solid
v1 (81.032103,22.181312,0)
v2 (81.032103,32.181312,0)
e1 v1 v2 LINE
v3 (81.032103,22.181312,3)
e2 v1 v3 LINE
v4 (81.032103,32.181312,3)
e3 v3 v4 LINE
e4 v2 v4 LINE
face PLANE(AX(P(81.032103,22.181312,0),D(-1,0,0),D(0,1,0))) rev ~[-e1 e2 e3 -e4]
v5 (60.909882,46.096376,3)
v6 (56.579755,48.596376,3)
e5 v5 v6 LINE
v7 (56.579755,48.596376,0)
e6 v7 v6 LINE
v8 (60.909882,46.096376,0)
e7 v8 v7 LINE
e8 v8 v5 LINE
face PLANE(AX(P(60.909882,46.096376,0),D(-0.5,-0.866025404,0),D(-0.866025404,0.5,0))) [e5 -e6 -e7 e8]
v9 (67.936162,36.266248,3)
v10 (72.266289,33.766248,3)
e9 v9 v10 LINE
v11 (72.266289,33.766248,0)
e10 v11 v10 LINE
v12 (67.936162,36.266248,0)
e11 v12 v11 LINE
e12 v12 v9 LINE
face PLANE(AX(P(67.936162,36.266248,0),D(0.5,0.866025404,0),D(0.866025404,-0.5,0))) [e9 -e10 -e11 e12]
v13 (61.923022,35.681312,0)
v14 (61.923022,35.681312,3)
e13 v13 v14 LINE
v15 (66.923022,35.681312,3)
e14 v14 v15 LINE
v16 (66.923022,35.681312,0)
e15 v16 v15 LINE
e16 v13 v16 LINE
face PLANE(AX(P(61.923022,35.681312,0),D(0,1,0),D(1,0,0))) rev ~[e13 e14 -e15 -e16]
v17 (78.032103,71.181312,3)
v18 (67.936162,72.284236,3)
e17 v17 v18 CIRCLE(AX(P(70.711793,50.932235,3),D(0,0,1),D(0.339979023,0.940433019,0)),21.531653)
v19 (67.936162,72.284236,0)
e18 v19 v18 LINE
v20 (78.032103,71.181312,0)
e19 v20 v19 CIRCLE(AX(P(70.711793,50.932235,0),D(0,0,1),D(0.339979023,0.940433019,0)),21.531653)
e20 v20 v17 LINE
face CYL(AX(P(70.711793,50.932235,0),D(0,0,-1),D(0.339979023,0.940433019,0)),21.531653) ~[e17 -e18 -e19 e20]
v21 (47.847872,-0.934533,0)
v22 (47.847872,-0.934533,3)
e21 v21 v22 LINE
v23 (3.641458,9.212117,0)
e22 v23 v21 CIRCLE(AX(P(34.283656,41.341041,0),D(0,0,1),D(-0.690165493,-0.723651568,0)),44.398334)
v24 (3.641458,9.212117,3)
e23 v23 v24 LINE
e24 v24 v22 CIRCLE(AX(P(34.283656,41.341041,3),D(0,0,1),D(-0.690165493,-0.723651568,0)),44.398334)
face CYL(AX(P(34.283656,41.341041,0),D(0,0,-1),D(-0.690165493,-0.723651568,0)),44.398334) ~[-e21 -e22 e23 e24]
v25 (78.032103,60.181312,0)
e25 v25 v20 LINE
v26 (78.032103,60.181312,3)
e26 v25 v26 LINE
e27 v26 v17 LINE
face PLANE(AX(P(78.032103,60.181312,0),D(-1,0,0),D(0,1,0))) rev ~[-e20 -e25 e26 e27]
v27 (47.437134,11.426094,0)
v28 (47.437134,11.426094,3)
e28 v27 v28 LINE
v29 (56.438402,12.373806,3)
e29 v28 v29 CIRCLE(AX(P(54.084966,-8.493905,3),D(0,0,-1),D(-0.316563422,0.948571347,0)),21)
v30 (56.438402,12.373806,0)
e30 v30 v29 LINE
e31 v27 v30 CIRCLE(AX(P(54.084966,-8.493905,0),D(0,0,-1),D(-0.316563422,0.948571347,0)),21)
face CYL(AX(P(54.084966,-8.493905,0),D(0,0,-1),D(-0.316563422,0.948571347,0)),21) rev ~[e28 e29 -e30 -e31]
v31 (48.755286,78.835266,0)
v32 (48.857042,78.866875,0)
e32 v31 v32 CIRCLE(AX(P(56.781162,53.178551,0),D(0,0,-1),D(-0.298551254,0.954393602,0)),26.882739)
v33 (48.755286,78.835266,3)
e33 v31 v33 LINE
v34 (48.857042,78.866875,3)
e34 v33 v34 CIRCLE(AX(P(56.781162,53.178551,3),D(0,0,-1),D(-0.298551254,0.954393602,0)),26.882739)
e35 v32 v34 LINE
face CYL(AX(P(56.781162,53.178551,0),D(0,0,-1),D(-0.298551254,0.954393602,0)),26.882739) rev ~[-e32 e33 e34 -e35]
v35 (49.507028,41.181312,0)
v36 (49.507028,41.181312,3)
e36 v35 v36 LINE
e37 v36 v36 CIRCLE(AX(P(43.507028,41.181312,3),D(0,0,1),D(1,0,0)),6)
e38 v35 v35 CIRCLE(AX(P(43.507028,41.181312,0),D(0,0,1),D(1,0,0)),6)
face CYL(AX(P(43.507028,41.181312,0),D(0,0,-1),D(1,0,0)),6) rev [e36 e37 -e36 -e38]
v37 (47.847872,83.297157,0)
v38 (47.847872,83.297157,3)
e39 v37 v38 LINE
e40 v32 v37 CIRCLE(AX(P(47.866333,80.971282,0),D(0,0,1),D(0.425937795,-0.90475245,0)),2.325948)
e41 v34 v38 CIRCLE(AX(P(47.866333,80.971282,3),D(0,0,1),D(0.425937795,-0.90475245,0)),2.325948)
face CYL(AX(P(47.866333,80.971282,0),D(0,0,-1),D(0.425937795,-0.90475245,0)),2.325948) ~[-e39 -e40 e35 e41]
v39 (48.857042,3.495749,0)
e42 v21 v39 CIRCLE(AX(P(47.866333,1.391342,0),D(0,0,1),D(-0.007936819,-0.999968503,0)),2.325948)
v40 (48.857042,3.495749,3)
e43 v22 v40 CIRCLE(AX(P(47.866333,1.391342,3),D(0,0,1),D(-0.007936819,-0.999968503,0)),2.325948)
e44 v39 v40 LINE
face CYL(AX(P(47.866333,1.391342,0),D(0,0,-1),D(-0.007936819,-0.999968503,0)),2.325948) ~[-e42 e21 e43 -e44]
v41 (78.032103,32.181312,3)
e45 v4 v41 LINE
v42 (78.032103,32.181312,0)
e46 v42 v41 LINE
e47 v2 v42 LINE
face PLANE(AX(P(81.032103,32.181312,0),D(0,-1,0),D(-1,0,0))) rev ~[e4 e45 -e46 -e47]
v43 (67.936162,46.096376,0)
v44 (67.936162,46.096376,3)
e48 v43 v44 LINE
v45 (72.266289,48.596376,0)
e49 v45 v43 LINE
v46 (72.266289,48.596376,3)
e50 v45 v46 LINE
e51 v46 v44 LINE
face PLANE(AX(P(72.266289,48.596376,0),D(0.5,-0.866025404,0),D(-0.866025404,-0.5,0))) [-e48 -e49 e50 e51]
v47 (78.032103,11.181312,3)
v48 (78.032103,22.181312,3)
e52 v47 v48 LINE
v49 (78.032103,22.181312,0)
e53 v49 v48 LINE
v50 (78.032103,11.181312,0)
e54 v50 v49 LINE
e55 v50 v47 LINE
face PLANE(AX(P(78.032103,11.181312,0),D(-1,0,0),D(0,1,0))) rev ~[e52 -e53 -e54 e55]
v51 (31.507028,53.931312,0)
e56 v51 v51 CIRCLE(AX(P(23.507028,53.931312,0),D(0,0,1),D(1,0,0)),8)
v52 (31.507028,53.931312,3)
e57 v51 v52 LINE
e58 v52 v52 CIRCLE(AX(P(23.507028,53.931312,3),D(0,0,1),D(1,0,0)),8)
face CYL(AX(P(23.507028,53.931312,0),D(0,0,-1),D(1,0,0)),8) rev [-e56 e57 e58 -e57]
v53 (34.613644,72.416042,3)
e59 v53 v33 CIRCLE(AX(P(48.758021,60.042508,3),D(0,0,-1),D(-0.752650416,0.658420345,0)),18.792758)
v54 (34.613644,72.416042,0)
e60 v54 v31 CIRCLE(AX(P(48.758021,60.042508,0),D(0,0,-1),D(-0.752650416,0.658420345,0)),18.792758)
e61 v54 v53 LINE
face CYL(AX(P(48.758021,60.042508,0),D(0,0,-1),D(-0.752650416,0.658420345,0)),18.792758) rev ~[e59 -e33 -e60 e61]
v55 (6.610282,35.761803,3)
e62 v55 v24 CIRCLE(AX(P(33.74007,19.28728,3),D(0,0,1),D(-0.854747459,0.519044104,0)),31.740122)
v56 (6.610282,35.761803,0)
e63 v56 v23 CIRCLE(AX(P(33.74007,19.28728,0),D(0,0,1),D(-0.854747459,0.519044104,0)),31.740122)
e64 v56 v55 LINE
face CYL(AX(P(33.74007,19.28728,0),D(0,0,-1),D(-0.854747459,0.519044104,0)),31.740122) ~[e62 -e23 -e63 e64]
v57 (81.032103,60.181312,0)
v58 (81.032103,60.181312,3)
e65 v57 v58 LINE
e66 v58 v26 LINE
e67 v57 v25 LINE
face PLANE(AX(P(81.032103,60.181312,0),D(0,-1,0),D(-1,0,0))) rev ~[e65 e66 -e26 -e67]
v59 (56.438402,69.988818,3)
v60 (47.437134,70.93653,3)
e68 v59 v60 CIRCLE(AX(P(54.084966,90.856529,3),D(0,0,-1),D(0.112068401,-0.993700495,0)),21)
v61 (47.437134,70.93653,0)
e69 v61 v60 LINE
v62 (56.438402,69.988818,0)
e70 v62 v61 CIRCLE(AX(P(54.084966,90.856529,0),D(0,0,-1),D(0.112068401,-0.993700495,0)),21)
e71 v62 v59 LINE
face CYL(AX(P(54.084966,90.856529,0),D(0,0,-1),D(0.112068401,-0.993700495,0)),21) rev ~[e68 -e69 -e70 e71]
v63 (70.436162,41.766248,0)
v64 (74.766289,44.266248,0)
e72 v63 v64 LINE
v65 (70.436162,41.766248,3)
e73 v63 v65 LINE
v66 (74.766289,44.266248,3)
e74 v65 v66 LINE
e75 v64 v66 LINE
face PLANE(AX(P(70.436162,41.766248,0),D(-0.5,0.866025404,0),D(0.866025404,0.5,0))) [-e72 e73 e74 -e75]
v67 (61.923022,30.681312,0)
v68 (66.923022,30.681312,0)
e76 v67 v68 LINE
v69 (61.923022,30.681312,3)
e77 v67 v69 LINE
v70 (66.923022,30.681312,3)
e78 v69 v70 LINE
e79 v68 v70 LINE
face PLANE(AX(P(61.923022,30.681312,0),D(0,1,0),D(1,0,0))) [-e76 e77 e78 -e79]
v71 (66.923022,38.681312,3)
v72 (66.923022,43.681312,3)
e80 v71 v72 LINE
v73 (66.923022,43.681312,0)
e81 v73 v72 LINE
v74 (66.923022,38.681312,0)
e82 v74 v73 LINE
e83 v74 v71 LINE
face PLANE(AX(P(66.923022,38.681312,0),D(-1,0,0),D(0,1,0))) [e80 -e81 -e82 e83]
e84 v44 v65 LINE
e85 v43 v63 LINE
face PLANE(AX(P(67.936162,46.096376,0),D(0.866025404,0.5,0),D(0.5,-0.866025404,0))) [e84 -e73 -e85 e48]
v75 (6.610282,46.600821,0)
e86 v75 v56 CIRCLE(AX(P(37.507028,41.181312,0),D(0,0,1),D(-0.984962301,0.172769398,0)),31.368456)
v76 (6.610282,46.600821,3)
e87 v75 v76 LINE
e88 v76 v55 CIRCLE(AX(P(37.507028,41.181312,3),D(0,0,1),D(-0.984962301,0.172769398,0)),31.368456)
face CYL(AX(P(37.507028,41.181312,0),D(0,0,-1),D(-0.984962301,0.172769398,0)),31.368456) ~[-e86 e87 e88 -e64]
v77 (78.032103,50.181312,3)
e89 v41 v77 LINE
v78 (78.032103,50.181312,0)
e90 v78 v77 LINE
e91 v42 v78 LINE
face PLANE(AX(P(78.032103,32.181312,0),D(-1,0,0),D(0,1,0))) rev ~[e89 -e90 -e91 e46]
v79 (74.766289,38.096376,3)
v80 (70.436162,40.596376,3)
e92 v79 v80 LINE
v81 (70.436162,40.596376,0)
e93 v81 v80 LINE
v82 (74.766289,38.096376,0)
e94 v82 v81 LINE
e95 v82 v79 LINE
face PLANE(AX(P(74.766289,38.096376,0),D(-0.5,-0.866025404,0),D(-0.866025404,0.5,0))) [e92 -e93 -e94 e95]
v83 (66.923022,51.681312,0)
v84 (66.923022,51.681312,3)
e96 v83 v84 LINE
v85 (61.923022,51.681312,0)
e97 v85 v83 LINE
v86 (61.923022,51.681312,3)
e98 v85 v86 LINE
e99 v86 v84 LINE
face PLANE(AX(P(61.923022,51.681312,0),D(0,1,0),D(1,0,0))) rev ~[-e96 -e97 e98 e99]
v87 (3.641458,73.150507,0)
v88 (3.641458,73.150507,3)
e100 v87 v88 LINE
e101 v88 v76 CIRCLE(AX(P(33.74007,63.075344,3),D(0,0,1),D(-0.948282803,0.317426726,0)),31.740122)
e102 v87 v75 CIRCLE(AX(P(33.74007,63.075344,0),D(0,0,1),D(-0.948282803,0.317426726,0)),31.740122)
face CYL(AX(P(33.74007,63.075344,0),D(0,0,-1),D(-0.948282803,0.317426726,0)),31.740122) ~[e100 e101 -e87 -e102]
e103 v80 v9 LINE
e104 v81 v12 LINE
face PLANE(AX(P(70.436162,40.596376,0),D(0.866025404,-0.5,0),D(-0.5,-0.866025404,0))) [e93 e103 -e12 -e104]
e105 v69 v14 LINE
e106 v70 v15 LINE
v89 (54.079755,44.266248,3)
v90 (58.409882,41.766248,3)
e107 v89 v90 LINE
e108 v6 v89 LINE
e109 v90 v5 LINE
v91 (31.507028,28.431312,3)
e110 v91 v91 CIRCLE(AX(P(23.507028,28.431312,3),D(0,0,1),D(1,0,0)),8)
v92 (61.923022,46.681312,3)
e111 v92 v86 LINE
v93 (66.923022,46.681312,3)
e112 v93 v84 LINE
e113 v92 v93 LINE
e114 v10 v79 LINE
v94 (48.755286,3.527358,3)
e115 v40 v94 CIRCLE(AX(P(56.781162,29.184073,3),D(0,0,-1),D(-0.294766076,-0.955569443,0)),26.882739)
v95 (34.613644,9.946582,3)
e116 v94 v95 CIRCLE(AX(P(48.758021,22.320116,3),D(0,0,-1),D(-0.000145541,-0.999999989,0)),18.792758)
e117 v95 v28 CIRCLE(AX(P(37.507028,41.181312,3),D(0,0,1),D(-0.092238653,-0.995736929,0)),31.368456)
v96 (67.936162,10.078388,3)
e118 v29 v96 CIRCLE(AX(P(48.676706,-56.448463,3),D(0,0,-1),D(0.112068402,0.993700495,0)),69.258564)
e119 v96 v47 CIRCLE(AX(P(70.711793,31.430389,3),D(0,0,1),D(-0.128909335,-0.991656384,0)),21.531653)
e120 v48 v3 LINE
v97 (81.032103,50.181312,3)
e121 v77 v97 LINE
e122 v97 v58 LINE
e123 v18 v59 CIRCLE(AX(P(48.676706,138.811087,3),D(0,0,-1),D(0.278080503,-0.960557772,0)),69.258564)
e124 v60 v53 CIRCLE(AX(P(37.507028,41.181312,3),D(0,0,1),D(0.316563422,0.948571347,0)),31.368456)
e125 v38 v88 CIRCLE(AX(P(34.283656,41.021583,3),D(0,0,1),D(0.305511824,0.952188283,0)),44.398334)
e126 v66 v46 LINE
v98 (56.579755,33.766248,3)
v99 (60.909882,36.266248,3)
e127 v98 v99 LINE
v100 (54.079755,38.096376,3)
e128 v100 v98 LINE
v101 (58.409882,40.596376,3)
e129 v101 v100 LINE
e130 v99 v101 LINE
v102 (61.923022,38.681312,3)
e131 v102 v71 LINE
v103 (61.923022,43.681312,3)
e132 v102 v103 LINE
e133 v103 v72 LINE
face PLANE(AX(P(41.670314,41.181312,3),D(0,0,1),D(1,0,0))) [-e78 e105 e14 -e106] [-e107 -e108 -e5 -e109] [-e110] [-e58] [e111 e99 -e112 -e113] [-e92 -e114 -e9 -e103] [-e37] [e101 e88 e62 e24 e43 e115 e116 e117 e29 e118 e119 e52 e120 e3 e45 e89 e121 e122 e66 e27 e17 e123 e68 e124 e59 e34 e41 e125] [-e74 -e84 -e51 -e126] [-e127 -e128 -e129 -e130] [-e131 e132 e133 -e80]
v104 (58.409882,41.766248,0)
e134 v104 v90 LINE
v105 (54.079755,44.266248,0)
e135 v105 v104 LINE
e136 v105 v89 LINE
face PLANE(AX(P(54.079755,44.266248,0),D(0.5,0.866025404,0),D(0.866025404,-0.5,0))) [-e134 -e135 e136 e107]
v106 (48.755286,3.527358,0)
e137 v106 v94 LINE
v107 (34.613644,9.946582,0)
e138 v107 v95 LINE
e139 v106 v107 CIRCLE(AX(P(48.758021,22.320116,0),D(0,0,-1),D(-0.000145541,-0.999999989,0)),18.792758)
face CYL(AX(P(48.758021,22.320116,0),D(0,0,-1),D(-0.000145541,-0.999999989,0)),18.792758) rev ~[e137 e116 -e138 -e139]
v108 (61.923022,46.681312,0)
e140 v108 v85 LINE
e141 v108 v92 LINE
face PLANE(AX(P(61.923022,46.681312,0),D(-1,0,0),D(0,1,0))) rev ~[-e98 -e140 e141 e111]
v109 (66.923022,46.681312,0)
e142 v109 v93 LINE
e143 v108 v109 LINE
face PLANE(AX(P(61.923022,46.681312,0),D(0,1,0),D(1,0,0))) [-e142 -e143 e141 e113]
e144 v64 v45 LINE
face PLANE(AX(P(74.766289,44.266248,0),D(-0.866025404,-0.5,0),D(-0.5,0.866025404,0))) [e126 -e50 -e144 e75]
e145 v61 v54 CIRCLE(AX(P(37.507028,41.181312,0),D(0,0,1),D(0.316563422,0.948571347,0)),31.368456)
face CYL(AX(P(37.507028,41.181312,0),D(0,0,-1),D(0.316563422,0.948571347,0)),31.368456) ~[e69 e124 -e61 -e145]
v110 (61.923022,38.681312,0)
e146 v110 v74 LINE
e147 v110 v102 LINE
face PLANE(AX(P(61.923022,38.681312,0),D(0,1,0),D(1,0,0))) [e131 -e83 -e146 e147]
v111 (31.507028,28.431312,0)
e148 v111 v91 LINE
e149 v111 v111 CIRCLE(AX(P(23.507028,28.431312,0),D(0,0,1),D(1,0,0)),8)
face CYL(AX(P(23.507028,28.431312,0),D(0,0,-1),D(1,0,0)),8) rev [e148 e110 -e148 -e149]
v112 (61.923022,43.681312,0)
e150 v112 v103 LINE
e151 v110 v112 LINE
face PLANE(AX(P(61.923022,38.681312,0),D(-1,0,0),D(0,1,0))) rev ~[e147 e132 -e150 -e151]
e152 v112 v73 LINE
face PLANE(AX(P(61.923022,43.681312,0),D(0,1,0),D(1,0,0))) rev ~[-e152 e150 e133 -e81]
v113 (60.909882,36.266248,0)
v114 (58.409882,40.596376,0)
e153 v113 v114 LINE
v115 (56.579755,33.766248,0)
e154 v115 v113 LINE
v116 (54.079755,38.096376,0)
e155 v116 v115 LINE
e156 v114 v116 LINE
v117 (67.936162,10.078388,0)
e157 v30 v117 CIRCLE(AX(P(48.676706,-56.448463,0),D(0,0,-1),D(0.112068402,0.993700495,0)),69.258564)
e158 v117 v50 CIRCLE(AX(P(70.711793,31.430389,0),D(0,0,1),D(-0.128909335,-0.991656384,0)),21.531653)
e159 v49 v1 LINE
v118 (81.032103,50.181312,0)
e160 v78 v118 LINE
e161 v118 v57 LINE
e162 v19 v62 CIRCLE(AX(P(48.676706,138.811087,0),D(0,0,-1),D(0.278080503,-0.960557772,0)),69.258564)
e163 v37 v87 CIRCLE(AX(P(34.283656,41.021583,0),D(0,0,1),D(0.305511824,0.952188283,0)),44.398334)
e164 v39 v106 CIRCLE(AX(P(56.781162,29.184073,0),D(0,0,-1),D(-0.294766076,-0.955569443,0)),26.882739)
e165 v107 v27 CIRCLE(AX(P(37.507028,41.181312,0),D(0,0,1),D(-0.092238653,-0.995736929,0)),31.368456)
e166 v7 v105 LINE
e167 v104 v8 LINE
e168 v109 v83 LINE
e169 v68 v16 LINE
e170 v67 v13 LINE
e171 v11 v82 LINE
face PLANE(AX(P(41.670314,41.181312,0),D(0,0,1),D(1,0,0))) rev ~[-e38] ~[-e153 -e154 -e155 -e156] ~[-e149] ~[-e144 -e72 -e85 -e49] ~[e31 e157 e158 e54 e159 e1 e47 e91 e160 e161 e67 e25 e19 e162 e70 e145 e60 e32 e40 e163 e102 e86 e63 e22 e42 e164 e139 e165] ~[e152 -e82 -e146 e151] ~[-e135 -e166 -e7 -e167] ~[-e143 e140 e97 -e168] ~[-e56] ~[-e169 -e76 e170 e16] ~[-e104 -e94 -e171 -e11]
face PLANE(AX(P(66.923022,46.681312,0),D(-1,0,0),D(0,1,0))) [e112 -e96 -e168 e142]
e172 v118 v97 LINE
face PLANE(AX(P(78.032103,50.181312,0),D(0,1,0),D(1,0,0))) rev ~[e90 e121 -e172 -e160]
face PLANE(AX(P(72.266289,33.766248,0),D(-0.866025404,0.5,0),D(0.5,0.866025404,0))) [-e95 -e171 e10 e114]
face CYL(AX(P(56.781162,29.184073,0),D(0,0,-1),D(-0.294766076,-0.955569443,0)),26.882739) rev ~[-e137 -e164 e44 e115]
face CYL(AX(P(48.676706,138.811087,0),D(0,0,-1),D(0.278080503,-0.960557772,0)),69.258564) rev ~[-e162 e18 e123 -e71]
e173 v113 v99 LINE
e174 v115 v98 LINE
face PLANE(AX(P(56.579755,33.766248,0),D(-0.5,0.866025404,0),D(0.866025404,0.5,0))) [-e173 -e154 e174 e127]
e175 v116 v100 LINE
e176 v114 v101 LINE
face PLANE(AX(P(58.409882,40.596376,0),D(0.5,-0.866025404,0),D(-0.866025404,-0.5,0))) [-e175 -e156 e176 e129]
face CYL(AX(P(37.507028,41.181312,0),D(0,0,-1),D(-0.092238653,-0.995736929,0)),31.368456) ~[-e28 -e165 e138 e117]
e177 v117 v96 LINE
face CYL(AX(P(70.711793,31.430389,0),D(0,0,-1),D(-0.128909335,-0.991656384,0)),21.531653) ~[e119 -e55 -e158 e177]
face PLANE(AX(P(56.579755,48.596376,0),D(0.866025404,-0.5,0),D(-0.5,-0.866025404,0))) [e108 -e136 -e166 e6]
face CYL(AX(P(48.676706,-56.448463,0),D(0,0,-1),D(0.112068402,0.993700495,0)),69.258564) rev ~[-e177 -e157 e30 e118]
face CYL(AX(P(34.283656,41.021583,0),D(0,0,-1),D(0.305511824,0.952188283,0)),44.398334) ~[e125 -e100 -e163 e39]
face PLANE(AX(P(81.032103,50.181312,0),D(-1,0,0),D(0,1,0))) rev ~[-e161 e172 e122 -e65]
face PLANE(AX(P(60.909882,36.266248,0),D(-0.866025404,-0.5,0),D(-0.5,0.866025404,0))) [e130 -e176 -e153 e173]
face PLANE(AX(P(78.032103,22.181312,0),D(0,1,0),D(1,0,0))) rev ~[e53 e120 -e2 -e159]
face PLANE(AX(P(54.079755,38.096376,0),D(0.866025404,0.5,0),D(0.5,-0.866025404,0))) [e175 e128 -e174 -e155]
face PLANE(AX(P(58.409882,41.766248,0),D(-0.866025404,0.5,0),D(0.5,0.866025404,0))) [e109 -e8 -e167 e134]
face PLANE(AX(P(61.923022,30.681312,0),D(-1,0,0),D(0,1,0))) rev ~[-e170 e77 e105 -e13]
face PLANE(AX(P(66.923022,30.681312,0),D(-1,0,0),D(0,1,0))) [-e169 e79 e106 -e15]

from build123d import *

# Parameters (mm, degrees)
SKETCH2_R           = 8
SKETCH2_R_2         = 6
SKETCH2_W           = 5
SKETCH2_H           = 5
BOSS_EXTRUDE1_DEPTH = 3


with BuildPart() as part:
    # Sketch2 → Boss-Extrude1 (new body)
    with BuildSketch(Plane.XY):
        with BuildLine():
            Line((81.032103119, 50.181312), (81.032103119, 60.181312))
            Line((81.032103119, 60.181312), (78.032103119, 60.181312))
            Line((78.032103119, 60.181312), (78.032103119, 71.181312))
            ThreePointArc((78.032103119, 71.181312), (73.050090858, 72.33654353), (67.936161846, 72.284235691))
            ThreePointArc((67.936161846, 72.284235691), (62.235942644, 70.892785416), (56.438402104, 69.988818319))
            ThreePointArc((56.438402104, 69.988818319), (51.886102873, 69.971964975), (47.437133801, 70.93653043))
            ThreePointArc((47.437133801, 70.93653043), (41.102316828, 72.343050119), (34.613643935, 72.416041905))
            ThreePointArc((34.613643935, 72.416041905), (40.990344282, 77.154811793), (48.755286163, 78.83526559))
            ThreePointArc((48.755286163, 78.83526559), (48.80614848, 78.851120911), (48.85704212, 78.866875402))
            ThreePointArc((48.85704212, 78.866875402), (50.134187725, 81.487874692), (47.847872498, 83.297156554))
            ThreePointArc((47.847872498, 83.297156554), (24.351235249, 84.294658733), (3.641458375, 73.150507154))
            ThreePointArc((3.641458375, 73.150507154), (2.19654611, 59.548103084), (6.61028157, 46.600821237))
            ThreePointArc((6.61028157, 46.600821237), (6.138572184, 41.181312), (6.61028157, 35.761802763))
            ThreePointArc((6.61028157, 35.761802763), (2.19654611, 22.814520916), (3.641458375, 9.212116846))
            ThreePointArc((3.641458375, 9.212116846), (24.351235249, -1.932034733), (47.847872498, -0.934532554))
            ThreePointArc((47.847872498, -0.934532554), (50.134187725, 0.874749308), (48.85704212, 3.495748598))
            ThreePointArc((48.85704212, 3.495748598), (48.80614848, 3.511503089), (48.755286163, 3.52735841))
            ThreePointArc((48.755286163, 3.52735841), (40.990344282, 5.207812207), (34.613643935, 9.946582095))
            ThreePointArc((34.613643935, 9.946582095), (41.102316828, 10.019573881), (47.437133801, 11.42609357))
            ThreePointArc((47.437133801, 11.42609357), (51.886102873, 12.390659025), (56.438402104, 12.373805681))
            ThreePointArc((56.438402104, 12.373805681), (62.235942644, 11.469838584), (67.936161846, 10.078388309))
            ThreePointArc((67.936161846, 10.078388309), (73.050090858, 10.02608047), (78.032103119, 11.181312))
            Line((78.032103119, 11.181312), (78.032103119, 22.181312))
            Line((78.032103119, 22.181312), (81.032103119, 22.181312))
            Line((81.032103119, 22.181312), (81.032103119, 32.181312))
            Line((81.032103119, 32.181312), (78.032103119, 32.181312))
            Line((78.032103119, 32.181312), (78.032103119, 50.181312))
            Line((78.032103119, 50.181312), (81.032103119, 50.181312))
        make_face()
        with Locations((23.507028058, 53.931312)):
            Circle(SKETCH2_R, mode=Mode.SUBTRACT)
        with Locations((43.507028058, 41.181312)):
            Circle(SKETCH2_R_2, mode=Mode.SUBTRACT)
        with Locations((23.507028058, 28.431312)):
            Circle(SKETCH2_R, mode=Mode.SUBTRACT)
        with Locations((64.423022125, 41.181312)):
            Rectangle(SKETCH2_W, SKETCH2_H, mode=Mode.SUBTRACT)
        with Locations((64.423022125, 33.181312)):
            Rectangle(SKETCH2_W, SKETCH2_H, mode=Mode.SUBTRACT)
        Polygon((72.266288865, 48.59637551), (67.936161846, 46.09637551), (70.436161846, 41.766248491), (74.766288865, 44.266248491), align=None, mode=Mode.SUBTRACT)
        Polygon((67.936161846, 36.266248491), (72.266288865, 33.766248491), (74.766288865, 38.09637551), (70.436161846, 40.596375509), align=None, mode=Mode.SUBTRACT)
        with Locations((64.423022125, 49.181312)):
            Rectangle(SKETCH2_W, SKETCH2_H, mode=Mode.SUBTRACT)
        Polygon((56.579755385, 33.766248491), (60.909882404, 36.266248491), (58.409882404, 40.59637551), (54.079755385, 38.09637551), align=None, mode=Mode.SUBTRACT)
        Polygon((60.909882404, 46.09637551), (56.579755385, 48.596375509), (54.079755385, 44.266248491), (58.409882404, 41.766248491), align=None, mode=Mode.SUBTRACT)
    extrude(amount=BOSS_EXTRUDE1_DEPTH)


solid = part.part
